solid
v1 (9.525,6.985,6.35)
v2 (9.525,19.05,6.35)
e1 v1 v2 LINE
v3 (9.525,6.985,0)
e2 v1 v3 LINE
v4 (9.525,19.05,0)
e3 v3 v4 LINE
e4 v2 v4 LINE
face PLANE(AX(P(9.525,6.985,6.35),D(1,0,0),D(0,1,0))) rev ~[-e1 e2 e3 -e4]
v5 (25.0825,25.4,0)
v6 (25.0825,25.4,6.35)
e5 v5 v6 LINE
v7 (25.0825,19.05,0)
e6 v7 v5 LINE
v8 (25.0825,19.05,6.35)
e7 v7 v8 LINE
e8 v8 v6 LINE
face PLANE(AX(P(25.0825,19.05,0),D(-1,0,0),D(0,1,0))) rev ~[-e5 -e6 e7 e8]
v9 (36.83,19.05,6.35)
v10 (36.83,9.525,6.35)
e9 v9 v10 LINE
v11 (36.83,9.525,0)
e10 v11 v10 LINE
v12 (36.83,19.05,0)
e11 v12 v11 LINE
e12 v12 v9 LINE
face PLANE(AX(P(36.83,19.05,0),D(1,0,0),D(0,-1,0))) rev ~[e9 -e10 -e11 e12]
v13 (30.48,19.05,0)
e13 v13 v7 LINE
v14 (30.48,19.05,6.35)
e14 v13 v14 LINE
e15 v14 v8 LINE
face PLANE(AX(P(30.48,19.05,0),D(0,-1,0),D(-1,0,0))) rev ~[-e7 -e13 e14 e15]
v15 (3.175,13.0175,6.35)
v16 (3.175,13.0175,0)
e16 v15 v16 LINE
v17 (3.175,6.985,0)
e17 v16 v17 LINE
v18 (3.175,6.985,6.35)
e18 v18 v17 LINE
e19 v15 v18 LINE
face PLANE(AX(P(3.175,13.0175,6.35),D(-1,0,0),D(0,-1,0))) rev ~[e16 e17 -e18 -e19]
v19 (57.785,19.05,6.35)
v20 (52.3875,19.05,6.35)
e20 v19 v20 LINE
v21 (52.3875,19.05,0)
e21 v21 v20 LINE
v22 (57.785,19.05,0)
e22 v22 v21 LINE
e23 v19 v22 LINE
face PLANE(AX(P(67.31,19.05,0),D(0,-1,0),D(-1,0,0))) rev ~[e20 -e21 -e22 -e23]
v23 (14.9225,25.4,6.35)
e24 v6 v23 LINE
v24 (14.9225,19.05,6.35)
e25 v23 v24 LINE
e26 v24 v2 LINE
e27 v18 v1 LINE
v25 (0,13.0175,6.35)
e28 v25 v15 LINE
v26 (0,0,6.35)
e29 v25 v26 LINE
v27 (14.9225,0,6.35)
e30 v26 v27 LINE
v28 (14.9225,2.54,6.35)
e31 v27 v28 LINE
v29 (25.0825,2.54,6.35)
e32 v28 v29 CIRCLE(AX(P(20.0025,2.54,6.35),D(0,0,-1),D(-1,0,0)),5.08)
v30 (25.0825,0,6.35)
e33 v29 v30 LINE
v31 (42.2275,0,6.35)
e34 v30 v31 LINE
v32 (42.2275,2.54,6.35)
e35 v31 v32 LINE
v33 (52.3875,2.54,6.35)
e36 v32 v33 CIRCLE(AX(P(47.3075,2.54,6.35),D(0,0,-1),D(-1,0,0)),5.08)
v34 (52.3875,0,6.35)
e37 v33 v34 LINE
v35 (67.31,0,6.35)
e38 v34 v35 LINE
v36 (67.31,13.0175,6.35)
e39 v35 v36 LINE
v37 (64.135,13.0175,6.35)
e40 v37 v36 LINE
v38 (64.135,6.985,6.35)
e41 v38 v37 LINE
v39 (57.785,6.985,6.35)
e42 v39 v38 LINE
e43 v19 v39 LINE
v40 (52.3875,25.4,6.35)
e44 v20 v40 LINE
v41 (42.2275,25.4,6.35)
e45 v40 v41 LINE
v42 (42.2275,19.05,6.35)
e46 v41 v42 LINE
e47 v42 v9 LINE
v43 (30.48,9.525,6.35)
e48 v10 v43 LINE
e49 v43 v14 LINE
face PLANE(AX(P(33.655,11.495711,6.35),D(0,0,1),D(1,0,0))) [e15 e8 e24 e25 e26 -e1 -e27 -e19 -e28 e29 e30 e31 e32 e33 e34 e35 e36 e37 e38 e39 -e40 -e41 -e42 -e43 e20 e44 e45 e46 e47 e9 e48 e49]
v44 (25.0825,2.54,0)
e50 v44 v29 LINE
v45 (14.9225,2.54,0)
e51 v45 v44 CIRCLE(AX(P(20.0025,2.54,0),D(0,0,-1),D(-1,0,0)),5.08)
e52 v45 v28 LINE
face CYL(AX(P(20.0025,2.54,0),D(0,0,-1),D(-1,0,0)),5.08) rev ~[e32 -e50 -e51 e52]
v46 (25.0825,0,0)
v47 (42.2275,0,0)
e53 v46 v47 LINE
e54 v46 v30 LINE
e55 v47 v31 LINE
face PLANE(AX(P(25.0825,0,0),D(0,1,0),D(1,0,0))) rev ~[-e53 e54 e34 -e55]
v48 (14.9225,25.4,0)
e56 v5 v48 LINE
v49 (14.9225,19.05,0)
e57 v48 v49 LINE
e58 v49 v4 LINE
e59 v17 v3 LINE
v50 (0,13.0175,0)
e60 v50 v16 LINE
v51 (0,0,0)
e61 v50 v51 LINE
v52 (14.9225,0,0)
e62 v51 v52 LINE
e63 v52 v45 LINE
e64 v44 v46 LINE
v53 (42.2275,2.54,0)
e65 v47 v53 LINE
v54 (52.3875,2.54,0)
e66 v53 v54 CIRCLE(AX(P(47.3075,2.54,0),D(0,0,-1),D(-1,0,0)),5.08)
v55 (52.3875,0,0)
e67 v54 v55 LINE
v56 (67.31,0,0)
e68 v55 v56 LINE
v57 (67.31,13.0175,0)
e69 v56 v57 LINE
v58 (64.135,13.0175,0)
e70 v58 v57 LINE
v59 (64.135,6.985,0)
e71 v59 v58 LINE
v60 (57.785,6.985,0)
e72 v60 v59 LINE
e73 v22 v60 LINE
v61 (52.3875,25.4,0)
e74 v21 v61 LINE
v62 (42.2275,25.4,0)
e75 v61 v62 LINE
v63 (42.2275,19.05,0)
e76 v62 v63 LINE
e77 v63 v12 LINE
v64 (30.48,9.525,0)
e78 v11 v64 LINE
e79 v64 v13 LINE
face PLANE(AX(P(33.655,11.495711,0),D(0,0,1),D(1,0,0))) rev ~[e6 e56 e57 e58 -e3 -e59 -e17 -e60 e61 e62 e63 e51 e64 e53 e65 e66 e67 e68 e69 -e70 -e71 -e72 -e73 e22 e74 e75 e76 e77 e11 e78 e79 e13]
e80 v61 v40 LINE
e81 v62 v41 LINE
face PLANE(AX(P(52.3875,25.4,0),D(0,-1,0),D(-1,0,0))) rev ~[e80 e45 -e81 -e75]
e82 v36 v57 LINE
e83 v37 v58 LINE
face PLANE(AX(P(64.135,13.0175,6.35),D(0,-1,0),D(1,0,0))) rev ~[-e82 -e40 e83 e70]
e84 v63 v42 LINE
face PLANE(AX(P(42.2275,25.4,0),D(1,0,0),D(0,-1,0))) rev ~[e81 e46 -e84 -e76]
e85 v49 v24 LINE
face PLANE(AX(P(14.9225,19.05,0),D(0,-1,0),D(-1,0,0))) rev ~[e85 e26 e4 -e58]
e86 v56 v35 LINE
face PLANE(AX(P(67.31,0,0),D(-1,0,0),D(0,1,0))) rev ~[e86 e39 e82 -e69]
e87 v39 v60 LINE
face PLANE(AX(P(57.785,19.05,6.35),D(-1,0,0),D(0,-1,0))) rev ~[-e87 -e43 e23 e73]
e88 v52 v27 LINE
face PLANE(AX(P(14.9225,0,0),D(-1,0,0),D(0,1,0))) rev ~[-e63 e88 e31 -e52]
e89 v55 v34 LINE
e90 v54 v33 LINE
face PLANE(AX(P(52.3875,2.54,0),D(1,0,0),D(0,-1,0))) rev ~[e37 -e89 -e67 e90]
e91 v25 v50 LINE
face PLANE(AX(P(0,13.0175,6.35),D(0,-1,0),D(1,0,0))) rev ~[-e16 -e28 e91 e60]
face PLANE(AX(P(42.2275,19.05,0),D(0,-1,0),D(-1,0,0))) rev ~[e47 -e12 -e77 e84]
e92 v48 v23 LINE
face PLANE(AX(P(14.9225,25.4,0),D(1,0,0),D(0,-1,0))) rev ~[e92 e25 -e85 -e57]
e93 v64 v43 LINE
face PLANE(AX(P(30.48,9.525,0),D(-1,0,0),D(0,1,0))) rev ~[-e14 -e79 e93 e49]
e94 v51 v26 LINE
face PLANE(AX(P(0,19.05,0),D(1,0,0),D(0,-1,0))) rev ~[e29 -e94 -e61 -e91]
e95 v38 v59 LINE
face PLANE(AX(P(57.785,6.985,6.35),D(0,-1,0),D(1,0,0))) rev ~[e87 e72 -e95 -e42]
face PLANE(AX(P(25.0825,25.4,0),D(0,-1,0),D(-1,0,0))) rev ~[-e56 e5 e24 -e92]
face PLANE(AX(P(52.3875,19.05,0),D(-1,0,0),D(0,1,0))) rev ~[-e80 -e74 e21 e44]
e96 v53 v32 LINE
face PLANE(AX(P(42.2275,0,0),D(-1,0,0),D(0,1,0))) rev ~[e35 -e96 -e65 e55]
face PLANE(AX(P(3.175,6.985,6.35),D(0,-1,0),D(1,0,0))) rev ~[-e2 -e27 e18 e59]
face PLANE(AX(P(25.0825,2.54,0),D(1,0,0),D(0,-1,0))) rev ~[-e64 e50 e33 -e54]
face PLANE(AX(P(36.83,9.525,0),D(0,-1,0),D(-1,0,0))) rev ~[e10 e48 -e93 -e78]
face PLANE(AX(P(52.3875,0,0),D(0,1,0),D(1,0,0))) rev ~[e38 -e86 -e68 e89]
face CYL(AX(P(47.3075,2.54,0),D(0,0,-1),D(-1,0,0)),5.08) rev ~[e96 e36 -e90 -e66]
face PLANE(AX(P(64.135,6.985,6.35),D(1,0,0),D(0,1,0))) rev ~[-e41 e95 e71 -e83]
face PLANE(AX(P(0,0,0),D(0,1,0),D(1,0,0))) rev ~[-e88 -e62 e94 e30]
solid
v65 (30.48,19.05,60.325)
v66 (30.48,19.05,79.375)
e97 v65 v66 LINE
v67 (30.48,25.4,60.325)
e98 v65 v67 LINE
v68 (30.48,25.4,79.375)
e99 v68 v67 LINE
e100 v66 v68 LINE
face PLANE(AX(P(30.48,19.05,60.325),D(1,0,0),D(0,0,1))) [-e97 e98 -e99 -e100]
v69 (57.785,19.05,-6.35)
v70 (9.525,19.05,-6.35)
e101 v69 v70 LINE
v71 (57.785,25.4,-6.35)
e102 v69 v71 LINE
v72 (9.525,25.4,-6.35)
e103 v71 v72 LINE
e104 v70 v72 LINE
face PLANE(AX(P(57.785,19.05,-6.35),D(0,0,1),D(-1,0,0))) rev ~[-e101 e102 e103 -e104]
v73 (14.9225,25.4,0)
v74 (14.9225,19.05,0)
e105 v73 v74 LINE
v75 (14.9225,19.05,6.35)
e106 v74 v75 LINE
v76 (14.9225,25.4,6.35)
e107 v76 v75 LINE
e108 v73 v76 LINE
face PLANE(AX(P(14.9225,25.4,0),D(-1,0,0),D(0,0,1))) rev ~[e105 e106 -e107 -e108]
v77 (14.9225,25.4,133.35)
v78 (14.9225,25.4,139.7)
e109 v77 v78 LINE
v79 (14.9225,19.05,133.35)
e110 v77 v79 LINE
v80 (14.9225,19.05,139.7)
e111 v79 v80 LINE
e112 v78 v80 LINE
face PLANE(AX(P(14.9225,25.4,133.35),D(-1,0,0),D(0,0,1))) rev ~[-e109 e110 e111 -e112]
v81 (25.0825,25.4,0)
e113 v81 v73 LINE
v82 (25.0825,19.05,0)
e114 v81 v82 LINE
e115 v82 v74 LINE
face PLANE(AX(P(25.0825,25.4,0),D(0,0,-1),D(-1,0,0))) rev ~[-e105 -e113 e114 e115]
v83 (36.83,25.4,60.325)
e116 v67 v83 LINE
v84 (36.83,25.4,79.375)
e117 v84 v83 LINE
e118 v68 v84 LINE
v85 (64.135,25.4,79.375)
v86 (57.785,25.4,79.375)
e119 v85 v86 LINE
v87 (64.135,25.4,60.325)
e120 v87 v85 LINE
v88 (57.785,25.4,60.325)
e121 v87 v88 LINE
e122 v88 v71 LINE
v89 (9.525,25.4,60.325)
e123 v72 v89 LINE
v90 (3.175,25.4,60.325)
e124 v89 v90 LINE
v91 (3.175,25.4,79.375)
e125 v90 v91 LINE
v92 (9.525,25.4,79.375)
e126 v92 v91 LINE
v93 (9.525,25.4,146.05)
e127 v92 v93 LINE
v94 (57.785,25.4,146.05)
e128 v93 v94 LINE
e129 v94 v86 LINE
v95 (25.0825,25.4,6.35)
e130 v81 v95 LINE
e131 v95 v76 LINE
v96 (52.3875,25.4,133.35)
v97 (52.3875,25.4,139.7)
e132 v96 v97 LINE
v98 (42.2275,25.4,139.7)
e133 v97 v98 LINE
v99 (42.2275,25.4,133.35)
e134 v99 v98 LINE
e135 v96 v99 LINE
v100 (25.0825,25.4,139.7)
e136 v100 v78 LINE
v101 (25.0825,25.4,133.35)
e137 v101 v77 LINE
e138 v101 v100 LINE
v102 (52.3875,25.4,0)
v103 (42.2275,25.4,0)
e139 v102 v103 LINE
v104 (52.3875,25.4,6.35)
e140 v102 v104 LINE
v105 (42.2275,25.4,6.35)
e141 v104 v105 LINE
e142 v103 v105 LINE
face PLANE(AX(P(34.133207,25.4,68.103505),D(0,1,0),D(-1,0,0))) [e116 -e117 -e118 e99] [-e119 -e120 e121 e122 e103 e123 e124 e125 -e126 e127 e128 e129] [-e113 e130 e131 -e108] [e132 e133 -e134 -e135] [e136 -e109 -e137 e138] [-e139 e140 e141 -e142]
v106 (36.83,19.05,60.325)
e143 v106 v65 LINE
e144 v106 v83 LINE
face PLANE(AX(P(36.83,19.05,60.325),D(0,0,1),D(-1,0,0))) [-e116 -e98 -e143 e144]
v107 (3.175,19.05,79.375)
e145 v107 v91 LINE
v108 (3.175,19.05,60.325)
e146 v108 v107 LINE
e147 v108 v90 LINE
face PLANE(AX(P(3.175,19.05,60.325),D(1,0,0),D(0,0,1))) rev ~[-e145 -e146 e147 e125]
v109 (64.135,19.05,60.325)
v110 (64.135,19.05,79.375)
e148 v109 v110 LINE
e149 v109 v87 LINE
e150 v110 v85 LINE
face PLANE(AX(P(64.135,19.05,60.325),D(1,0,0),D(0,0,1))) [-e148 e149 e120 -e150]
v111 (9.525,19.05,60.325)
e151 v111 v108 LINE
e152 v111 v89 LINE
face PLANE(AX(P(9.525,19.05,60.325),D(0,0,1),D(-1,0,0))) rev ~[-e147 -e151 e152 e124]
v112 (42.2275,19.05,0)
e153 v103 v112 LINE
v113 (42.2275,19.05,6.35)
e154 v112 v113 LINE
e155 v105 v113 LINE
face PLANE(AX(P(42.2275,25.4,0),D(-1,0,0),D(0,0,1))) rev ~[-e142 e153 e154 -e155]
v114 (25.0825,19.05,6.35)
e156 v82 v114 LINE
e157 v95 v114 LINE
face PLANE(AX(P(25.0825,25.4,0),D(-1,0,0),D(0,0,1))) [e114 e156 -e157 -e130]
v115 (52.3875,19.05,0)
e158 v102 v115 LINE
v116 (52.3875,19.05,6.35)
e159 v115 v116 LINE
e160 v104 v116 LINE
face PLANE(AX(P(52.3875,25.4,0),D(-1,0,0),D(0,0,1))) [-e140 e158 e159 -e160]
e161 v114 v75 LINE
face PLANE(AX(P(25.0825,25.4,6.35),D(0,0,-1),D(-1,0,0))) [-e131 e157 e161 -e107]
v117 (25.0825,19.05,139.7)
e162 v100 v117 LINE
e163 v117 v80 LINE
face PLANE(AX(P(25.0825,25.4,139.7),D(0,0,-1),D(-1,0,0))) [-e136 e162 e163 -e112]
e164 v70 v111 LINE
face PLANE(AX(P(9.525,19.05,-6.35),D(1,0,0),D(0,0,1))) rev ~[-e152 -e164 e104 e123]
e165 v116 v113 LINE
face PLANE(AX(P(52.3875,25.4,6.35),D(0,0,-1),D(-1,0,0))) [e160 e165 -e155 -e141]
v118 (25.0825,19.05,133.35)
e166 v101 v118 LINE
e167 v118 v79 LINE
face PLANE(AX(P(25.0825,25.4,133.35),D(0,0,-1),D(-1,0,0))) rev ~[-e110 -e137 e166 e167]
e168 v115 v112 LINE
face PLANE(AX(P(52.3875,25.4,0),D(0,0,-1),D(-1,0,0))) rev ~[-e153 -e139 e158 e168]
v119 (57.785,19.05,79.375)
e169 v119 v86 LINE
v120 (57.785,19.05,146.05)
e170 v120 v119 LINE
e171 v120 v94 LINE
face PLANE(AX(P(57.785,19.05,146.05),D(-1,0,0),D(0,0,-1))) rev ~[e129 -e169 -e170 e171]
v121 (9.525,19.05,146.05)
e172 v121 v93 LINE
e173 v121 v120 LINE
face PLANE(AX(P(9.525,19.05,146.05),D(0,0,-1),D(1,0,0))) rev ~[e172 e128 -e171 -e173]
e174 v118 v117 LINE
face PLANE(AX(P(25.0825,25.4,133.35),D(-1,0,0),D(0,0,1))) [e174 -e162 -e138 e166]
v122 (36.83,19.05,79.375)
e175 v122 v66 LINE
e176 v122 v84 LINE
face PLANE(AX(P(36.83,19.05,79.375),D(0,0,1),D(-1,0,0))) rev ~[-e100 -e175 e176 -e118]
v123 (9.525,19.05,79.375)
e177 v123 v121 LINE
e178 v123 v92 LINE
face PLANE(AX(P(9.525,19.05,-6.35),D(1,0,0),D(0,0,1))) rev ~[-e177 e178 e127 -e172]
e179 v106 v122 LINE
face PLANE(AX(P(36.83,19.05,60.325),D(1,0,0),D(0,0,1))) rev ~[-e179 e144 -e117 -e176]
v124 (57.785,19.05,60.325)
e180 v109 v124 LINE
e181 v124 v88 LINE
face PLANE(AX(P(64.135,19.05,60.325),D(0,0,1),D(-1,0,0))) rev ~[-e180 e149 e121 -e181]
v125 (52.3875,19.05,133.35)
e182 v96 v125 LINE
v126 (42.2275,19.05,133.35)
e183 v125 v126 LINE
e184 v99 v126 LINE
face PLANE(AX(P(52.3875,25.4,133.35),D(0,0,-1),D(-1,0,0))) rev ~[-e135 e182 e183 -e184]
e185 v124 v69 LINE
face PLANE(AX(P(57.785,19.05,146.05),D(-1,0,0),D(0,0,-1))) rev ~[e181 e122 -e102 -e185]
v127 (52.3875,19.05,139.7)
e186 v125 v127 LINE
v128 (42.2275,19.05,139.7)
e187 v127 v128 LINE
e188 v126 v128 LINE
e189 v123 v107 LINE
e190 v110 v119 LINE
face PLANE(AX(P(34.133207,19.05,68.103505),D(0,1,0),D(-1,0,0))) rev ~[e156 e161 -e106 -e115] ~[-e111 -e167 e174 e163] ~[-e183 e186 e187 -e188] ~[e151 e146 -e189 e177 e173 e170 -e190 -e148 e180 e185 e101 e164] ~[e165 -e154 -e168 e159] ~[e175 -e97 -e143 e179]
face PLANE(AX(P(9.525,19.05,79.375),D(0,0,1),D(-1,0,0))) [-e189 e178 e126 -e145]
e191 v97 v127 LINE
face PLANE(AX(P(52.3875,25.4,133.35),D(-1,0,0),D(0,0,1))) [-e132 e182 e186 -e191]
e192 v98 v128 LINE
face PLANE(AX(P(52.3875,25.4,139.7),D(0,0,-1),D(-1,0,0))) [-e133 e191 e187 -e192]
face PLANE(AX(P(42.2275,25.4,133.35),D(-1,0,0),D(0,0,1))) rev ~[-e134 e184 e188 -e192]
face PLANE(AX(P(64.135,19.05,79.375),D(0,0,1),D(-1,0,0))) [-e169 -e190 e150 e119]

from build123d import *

# Parameters (mm, degrees)
F1_DEPTH  = 6.35
F2_W      = 3.175
F2_H      = 6.0325
F3_DEPTH  = 6.351
F4_W      = 5.3975
F4_H      = 6.35
F5_DEPTH  = 6.35
F6_W      = 10.16
F6_H      = 6.35
F7_DEPTH  = 25.401
F8_W      = 6.35
F8_H      = 19.05
F9_DEPTH  = 6.35
F10_W     = 10.16
F10_H     = 6.35
F11_DEPTH = 25.401
F12_W     = 6.35
F12_H     = 19.05
F13_DEPTH = 6.351


with BuildPart() as f1:
    # F0 (on Top) → F1 (new body)
    with BuildSketch(Plane.XY):
        with BuildLine():
            Line((0, 19.05), (0, 0))
            Line((0, 0), (14.9225, 0))
            Line((14.9225, 0), (14.9225, 2.54))
            ThreePointArc((14.9225, 2.54), (20.0025, 7.62), (25.0825, 2.54))
            Line((25.0825, 2.54), (25.0825, 0))
            Line((25.0825, 0), (42.2275, 0))
            Line((42.2275, 0), (42.2275, 2.54))
            ThreePointArc((42.2275, 2.54), (47.3075, 7.62), (52.3875, 2.54))
            Line((52.3875, 2.54), (52.3875, 0))
            Line((52.3875, 0), (67.31, 0))
            Line((67.31, 0), (67.31, 19.05))
            Line((67.31, 19.05), (52.3875, 19.05))
            Line((52.3875, 19.05), (52.3875, 25.4))
            Line((52.3875, 25.4), (42.2275, 25.4))
            Line((42.2275, 25.4), (42.2275, 19.05))
            Line((42.2275, 19.05), (36.83, 19.05))
            Line((36.83, 19.05), (36.83, 9.525))
            Line((36.83, 9.525), (30.48, 9.525))
            Line((30.48, 9.525), (30.48, 19.05))
            Line((30.48, 19.05), (25.0825, 19.05))
            Line((25.0825, 19.05), (25.0825, 25.4))
            Line((25.0825, 25.4), (14.9225, 25.4))
            Line((14.9225, 25.4), (14.9225, 19.05))
            Line((14.9225, 19.05), (0, 19.05))
        make_face()
    extrude(amount=F1_DEPTH)

    # F2 (on face) → F3 (cut, through all)
    with BuildSketch(Plane.XY.offset(6.35)):
        with Locations((1.5875, 16.03375)):
            Rectangle(F2_W, F2_H)
        Polygon((9.525, 19.05), (3.175, 19.05), (3.175, 13.0175), (3.175, 6.985), (9.525, 6.985), align=None)
        Polygon((64.135, 19.05), (57.785, 19.05), (57.785, 6.985), (64.135, 6.985), (64.135, 13.0175), align=None)
        with Locations((65.7225, 16.03375)):
            Rectangle(F2_W, F2_H)
    extrude(amount=-F3_DEPTH, mode=Mode.SUBTRACT)


with BuildPart() as f5:
    # F4 (on face) → F5 (new body)
    with BuildSketch(Plane(origin=(0, 19.05, 0), x_dir=(-1, 0, 0), z_dir=(0, 1, 0))):
        Polygon((-57.785, 0), (-57.785, -6.35), (-9.525, -6.35), (-9.525, 0), (-9.525, 6.35), (-9.525, 146.05), (-57.785, 146.05), (-57.785, 6.35), (-52.3875, 6.35), (-52.3875, 0), align=None)
        with Locations((-55.08625, 3.175)):
            Rectangle(F4_W, F4_H)
    extrude(amount=F5_DEPTH)

    # F6 (on face) → F7 (cut, through all)
    with BuildSketch(Plane(origin=(0, 25.4, 0), x_dir=(-1, 0, 0), z_dir=(0, 1, 0))):
        with Locations((-47.3075, 3.175)):
            Rectangle(F6_W, F6_H)
        with Locations((-20.0025, 3.175)):
            Rectangle(F6_W, F6_H)
    extrude(amount=-F7_DEPTH, mode=Mode.SUBTRACT)

    # F8 (on face) → F9 (join, through all)
    with BuildSketch(Plane(origin=(0, 19.05, 0), x_dir=(-1, 0, 0), z_dir=(0, 1, 0))):
        with Locations((-6.35, 69.85)):
            Rectangle(F8_W, F8_H)
        with Locations((-60.96, 69.85)):
            Rectangle(F8_W, F8_H)
    extrude(amount=F9_DEPTH)

    # F10 (on face) → F11 (cut, through all)
    with BuildSketch(Plane(origin=(0, 25.4, 0), x_dir=(-1, 0, 0), z_dir=(0, 1, 0))):
        with Locations((-47.3075, 136.525)):
            Rectangle(F10_W, F10_H)
        with Locations((-20.0025, 136.525)):
            Rectangle(F10_W, F10_H)
    extrude(amount=-F11_DEPTH, mode=Mode.SUBTRACT)

    # F12 (on face) → F13 (cut, through all)
    with BuildSketch(Plane(origin=(0, 19.05, 0), x_dir=(-1, 0, 0), z_dir=(0, 1, 0))):
        with Locations((-33.655, 69.85)):
            Rectangle(F12_W, F12_H)
    extrude(amount=F13_DEPTH, mode=Mode.SUBTRACT)


solid = Compound([f1.part, f5.part])
